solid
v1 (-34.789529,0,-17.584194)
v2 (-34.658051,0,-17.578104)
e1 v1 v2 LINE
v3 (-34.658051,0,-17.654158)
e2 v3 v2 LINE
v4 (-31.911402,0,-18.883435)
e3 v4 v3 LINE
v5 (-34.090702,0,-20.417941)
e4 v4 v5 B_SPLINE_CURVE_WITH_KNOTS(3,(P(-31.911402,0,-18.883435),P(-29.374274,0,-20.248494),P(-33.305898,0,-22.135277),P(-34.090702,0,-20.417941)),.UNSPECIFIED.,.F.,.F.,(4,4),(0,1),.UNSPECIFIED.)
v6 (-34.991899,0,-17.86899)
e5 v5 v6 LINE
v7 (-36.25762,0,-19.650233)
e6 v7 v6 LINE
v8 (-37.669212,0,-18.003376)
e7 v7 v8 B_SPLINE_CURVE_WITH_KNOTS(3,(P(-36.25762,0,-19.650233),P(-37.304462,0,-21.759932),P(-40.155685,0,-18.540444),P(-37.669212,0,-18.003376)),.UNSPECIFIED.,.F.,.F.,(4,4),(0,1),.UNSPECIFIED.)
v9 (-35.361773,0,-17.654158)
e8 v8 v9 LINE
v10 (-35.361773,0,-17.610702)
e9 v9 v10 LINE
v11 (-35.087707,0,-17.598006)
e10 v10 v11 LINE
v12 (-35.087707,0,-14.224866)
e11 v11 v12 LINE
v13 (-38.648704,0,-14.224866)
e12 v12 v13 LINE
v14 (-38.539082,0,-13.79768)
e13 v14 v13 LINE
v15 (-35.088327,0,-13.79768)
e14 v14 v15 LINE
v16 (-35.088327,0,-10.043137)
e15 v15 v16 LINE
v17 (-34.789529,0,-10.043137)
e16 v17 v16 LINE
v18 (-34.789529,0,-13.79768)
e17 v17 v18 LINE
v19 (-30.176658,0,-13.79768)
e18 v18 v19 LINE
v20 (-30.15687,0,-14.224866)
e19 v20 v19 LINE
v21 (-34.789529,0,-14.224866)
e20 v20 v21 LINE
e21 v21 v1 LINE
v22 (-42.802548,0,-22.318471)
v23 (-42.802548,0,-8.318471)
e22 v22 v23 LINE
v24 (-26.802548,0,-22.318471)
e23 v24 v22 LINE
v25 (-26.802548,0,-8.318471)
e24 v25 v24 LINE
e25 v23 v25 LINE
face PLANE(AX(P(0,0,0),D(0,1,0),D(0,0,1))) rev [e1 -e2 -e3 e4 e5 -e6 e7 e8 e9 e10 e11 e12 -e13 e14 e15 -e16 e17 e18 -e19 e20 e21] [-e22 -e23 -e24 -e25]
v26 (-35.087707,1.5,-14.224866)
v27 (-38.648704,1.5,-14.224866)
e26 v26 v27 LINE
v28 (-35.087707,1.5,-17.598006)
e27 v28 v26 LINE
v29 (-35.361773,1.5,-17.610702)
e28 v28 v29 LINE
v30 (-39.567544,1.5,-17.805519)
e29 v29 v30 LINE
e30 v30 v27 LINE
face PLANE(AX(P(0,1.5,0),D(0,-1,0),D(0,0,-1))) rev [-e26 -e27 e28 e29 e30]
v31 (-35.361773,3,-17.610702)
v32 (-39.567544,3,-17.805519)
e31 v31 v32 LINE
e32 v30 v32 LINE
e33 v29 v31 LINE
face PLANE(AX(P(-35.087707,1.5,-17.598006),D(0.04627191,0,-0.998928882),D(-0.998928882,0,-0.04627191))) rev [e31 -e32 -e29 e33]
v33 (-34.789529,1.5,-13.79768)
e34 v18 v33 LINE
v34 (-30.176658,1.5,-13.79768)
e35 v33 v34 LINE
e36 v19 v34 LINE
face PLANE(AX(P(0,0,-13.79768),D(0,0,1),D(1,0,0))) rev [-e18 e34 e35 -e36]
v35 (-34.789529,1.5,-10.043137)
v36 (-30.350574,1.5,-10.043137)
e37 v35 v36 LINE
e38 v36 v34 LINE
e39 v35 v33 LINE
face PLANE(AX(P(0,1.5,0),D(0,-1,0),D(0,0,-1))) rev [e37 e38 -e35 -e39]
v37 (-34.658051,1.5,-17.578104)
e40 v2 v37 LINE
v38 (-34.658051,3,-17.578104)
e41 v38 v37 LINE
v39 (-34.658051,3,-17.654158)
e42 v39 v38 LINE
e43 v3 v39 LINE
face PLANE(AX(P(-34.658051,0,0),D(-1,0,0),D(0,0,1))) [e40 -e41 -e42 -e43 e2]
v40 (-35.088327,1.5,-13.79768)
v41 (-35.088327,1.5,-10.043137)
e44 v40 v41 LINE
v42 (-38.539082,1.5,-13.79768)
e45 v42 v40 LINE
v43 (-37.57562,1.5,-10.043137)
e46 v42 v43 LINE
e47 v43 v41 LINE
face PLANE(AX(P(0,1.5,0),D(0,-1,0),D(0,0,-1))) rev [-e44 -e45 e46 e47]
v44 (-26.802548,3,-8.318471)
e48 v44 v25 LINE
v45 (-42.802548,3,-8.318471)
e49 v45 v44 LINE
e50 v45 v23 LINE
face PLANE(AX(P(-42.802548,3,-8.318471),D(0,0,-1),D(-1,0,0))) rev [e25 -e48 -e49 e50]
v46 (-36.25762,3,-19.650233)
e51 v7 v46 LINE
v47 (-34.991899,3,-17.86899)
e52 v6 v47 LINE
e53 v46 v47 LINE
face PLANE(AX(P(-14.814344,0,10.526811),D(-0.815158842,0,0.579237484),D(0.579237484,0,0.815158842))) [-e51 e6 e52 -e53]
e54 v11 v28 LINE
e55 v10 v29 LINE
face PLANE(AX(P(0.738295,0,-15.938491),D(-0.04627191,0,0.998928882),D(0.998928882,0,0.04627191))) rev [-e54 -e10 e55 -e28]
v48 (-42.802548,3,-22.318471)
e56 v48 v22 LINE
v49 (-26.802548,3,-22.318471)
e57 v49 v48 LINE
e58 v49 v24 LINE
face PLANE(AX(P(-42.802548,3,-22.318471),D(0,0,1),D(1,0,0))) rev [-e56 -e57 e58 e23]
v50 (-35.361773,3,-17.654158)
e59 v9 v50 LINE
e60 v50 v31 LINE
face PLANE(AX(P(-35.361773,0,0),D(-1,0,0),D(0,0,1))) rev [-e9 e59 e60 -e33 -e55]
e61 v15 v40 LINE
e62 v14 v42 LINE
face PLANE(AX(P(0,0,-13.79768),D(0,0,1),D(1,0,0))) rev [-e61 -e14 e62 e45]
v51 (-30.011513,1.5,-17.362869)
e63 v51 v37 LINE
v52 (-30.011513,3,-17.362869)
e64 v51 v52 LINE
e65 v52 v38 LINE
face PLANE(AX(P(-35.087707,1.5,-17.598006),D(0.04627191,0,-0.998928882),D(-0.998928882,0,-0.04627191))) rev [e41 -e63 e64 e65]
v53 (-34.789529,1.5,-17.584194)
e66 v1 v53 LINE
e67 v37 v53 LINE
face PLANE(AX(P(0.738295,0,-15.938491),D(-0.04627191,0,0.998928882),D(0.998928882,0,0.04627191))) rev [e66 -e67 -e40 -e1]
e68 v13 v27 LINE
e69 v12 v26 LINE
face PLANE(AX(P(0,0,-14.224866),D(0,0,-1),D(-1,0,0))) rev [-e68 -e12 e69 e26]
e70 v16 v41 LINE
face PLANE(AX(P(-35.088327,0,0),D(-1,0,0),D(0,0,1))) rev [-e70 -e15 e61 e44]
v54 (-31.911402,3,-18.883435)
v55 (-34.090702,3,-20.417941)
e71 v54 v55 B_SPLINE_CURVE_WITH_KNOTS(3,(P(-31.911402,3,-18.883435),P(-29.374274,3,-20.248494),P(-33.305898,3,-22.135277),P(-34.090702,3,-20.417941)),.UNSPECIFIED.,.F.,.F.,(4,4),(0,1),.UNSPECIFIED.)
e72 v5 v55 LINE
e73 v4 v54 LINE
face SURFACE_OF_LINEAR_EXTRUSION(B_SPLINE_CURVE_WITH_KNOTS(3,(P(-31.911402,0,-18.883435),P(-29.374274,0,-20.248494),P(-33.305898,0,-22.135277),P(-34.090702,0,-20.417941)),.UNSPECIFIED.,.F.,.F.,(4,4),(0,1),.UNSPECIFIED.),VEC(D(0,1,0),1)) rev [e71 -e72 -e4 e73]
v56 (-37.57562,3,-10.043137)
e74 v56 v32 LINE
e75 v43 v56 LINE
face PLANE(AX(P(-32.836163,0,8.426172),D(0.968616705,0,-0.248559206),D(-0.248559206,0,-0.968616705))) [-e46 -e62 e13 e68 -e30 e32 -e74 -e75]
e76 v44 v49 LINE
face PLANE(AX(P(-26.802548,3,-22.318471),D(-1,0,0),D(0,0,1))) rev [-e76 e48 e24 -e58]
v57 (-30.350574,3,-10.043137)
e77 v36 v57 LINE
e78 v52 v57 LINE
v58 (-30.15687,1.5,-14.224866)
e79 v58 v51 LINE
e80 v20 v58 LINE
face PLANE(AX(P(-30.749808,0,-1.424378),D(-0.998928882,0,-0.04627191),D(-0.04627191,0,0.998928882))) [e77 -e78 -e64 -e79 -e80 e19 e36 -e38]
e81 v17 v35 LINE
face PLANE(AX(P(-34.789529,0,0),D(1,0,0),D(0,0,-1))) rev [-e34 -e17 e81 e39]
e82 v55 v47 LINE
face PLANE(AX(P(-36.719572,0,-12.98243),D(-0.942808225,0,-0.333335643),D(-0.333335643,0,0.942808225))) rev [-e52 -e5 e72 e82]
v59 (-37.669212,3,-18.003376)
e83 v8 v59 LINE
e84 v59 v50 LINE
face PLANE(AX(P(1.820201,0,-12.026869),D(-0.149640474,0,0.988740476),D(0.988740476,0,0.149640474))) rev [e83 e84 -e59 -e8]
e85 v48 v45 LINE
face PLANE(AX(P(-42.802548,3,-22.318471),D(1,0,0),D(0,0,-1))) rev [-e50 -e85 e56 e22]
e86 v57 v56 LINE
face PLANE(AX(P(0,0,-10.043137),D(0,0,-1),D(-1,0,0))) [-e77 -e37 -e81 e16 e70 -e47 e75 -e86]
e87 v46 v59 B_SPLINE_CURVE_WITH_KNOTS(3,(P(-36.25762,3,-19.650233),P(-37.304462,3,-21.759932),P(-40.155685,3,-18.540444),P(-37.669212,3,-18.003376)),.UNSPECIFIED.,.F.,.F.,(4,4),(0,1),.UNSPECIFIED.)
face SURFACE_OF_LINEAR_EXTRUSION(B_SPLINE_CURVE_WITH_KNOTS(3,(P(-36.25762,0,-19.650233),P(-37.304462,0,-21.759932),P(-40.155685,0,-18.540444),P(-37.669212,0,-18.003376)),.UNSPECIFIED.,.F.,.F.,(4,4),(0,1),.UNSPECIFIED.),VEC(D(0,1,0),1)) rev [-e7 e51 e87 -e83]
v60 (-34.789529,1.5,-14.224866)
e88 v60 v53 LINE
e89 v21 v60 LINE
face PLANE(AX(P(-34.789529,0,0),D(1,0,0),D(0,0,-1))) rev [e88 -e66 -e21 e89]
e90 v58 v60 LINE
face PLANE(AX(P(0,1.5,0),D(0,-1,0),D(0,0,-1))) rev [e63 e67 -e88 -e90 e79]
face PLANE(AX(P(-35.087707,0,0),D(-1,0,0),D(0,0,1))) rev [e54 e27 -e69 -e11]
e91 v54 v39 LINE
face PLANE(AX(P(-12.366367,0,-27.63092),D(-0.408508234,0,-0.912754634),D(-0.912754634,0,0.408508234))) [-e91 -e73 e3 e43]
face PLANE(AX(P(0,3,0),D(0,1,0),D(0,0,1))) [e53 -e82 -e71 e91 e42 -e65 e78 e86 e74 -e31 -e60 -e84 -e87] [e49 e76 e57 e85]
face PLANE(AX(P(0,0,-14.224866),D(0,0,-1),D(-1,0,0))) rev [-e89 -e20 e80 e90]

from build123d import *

# Parameters (mm, degrees)
SKETCH1_W           = 16
SKETCH1_H           = 14
BOSS_EXTRUDE1_DEPTH = 3
CUT_EXTRUDE5_DEPTH  = 3
CUT_EXTRUDE6_DEPTH  = 1.5


with BuildPart() as part:
    # Sketch1 → Boss-Extrude1 (new body)
    with BuildSketch(Plane(origin=(0, 0, 0), x_dir=(1, 0, 0), z_dir=(0, 1, 0))):
        with Locations((-34.802547771, 15.318471338)):
            Rectangle(SKETCH1_W, SKETCH1_H)
    extrude(amount=BOSS_EXTRUDE1_DEPTH)

    # Sketch2 → Cut-Extrude5 (cut)
    with BuildSketch(Plane(origin=(0, 3, 0), x_dir=(1, 0, 0), z_dir=(0, 1, 0))):
        with BuildLine():
            Line((-35.361772538, 17.654157516), (-35.361772538, 17.610701513))
            Line((-35.361772538, 17.610701513), (-35.087707093, 17.598006383))
            Line((-35.087707093, 17.598006383), (-35.087707093, 14.224865562))
            Line((-35.087707093, 14.224865562), (-38.648703672, 14.224865562))
            Line((-38.648703672, 14.224865562), (-38.539082436, 13.797679772))
            Line((-38.539082436, 13.797679772), (-35.088327204, 13.797679772))
            Line((-35.088327204, 13.797679772), (-35.088327204, 10.043136726))
            Line((-35.088327204, 10.043136726), (-34.789528654, 10.043136726))
            Line((-34.789528654, 10.043136726), (-34.789528654, 13.797679772))
            Line((-34.789528654, 13.797679772), (-30.176657964, 13.797679772))
            Line((-30.176657964, 13.797679772), (-30.156870066, 14.224865562))
            Line((-30.156870066, 14.224865562), (-34.789528654, 14.224865562))
            Line((-34.789528654, 14.224865562), (-34.789528654, 17.584194303))
            Line((-34.789528654, 17.584194303), (-34.658050894, 17.578104053))
            Line((-34.658050894, 17.578104053), (-34.658050894, 17.654157516))
            Line((-34.658050894, 17.654157516), (-31.911401586, 18.883435151))
            add(Edge.make_bspline(
                [(-31.911401586, 18.883435151), (-29.374274196, 20.248494332), (-33.305897718, 22.135276734), (-34.090701751, 20.417941358)],
                knots=[0, 0, 0, 0, 1, 1, 1, 1], degree=3))
            Line((-34.090701751, 20.417941358), (-34.991899262, 17.868989737))
            Line((-34.991899262, 17.868989737), (-36.257619528, 19.650233345))
            add(Edge.make_bspline(
                [(-36.257619528, 19.650233345), (-37.304461787, 21.759932149), (-40.155684718, 18.540444353), (-37.66921168, 18.003375835)],
                knots=[0, 0, 0, 0, 1, 1, 1, 1], degree=3))
            Line((-37.66921168, 18.003375835), (-35.361772538, 17.654157516))
        make_face()
    extrude(amount=-CUT_EXTRUDE5_DEPTH, mode=Mode.SUBTRACT)

    # Sketch3 → Cut-Extrude6 (cut)
    with BuildSketch(Plane(origin=(0, 3, 0), x_dir=(1, 0, 0), z_dir=(0, 1, 0))):
        Polygon((-35.087707093, 17.598006383), (-39.567544365, 17.805519282), (-37.575619559, 10.043136726), (-30.350574127, 10.043136726), (-30.011512943, 17.362869325), align=None)
    extrude(amount=-CUT_EXTRUDE6_DEPTH, mode=Mode.SUBTRACT)


solid = part.part
